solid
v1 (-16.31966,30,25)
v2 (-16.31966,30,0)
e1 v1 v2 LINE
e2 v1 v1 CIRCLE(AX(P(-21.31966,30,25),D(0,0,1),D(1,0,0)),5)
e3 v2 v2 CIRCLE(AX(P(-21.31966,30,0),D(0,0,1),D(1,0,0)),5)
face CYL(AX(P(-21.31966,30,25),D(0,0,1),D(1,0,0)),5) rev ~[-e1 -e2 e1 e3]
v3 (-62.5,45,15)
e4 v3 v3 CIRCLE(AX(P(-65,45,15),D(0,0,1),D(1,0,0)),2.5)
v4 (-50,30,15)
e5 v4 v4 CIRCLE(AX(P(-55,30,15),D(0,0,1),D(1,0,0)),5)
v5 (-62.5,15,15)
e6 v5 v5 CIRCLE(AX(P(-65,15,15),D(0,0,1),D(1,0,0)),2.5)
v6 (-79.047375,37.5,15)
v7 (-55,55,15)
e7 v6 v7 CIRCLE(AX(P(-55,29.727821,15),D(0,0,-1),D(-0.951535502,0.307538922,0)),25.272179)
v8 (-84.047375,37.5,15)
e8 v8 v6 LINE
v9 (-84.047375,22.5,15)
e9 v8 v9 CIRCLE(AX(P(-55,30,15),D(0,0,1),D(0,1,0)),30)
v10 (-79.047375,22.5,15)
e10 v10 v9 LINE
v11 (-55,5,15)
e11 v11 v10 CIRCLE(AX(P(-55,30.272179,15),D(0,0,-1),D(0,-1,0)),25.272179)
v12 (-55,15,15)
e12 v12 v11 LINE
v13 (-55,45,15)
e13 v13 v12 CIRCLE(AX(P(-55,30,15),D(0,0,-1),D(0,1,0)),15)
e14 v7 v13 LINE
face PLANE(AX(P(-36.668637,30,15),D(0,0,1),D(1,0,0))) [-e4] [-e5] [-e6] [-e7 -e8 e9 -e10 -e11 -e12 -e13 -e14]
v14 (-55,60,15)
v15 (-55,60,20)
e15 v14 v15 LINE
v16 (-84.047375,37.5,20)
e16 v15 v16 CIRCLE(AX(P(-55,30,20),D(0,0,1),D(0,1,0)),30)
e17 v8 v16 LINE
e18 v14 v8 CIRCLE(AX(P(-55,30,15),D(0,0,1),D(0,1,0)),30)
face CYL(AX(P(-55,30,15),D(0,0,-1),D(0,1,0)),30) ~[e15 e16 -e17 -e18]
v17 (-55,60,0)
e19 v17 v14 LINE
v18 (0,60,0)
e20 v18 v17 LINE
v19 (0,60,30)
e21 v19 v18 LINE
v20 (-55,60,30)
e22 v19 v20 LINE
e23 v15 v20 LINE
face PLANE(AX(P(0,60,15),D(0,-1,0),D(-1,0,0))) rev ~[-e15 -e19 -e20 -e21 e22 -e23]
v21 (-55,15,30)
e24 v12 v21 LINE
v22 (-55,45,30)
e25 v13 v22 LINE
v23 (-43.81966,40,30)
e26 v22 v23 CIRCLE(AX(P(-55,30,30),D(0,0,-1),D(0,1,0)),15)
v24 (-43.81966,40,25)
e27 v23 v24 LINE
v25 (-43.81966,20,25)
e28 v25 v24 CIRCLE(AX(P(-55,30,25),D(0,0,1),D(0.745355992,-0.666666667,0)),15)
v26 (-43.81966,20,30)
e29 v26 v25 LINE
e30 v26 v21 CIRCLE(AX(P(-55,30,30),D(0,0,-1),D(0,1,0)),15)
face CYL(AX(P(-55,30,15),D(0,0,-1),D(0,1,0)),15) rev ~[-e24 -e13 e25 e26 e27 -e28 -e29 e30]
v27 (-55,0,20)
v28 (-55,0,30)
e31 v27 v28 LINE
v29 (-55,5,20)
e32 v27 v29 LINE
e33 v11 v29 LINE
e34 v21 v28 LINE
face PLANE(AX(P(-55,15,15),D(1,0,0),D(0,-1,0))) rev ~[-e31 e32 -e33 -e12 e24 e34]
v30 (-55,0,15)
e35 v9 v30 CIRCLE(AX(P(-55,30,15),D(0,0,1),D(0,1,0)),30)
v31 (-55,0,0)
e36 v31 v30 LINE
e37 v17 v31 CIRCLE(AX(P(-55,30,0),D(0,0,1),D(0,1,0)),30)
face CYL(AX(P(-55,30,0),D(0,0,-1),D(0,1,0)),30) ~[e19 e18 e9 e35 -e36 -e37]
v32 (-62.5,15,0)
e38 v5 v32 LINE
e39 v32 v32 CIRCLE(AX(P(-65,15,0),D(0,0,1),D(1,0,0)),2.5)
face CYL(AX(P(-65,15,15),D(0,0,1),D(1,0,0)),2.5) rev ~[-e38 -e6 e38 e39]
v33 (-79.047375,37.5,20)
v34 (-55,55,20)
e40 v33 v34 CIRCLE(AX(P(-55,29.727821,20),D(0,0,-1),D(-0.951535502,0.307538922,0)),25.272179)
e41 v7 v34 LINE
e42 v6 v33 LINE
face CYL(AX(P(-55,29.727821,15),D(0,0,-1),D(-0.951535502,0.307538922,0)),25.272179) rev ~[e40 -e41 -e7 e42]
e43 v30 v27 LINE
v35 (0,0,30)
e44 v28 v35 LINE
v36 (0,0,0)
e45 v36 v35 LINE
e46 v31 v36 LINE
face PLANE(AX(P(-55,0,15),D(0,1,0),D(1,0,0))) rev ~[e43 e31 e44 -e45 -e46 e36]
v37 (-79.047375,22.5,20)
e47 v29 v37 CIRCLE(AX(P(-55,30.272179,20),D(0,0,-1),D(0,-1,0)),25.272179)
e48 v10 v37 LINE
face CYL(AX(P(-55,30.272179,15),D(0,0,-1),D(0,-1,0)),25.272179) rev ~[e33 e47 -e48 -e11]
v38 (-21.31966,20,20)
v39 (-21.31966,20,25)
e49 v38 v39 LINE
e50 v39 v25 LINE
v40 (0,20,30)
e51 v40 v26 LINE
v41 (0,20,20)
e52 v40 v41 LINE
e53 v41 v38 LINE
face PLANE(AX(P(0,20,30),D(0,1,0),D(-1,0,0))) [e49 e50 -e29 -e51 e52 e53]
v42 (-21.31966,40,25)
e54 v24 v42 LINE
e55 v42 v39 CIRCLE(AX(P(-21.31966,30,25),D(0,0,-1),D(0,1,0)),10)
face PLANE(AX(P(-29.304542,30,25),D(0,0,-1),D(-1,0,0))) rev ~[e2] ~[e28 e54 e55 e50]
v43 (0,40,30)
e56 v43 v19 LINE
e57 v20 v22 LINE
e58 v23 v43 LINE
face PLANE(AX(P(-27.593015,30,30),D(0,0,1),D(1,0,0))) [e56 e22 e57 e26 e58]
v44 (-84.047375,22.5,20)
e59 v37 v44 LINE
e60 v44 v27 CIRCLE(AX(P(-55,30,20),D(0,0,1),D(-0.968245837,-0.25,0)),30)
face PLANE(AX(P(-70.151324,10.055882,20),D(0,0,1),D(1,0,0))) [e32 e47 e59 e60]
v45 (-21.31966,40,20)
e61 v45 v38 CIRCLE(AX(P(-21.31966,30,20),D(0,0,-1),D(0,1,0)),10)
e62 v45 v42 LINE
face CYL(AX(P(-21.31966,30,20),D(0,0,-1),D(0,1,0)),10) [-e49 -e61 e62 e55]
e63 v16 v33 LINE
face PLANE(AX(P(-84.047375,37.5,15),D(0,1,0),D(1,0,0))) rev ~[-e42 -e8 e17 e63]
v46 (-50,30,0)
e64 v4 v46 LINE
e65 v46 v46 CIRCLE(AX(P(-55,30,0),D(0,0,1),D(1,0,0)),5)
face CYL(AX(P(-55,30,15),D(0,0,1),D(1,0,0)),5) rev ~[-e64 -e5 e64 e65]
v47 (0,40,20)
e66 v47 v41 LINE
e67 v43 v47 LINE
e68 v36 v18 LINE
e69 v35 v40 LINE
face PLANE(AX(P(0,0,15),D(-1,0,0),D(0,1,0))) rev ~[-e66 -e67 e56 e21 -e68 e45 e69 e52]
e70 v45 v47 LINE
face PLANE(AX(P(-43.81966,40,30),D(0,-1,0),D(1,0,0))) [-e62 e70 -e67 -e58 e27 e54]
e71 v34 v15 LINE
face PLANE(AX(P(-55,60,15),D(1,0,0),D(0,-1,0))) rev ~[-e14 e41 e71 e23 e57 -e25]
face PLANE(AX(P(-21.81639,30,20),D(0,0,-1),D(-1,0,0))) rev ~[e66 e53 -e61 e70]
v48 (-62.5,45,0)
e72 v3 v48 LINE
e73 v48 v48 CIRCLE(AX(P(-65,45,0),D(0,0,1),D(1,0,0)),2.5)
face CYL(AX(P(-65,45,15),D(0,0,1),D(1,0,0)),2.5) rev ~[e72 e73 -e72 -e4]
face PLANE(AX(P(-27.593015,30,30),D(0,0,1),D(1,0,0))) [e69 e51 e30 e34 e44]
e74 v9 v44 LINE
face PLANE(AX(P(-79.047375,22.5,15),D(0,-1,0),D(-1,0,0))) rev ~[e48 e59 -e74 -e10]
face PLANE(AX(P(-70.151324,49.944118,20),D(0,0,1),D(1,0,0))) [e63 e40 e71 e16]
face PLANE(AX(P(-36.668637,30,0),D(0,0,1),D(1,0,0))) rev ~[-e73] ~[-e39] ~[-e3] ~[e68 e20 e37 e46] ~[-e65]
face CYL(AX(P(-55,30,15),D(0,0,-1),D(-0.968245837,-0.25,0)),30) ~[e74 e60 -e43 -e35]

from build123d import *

# Parameters (mm, degrees)
BOSS_EXTRUDE4_DEPTH = 15
BOSS_EXTRUDE5_DEPTH = 5
BOSS_EXTRUDE8_DEPTH = 15
CUT_EXTRUDE2_DEPTH  = 10
BOSS_EXTRUDE9_DEPTH = 5
SKETCH11_R          = 5
CUT_EXTRUDE3_DEPTH  = 54
SKETCH12_R          = 5
SKETCH12_R_2        = 2.5
CUT_EXTRUDE4_DEPTH  = 76


with BuildPart() as part:
    # Sketch2 → Boss-Extrude4 (new body)
    with BuildSketch(Plane.XY):
        with BuildLine():
            Line((-55, 0), (0, 0))
            Line((0, 0), (0, 60))
            Line((0, 60), (-55, 60))
            ThreePointArc((-55, 60), (-85, 30), (-55, 0))
        make_face()
    extrude(amount=BOSS_EXTRUDE4_DEPTH)

    # Sketch5 → Boss-Extrude5 (add)
    with BuildSketch(Plane.XY.offset(15)):
        with BuildLine():
            Line((-84.047375097, 37.5), (-79.047375097, 37.5))
            ThreePointArc((-79.047375097, 37.5), (-69.870493007, 50.161897068), (-55, 55))
            Line((-55, 55), (-55, 60))
            ThreePointArc((-55, 60), (-73.371173071, 53.717082451), (-84.047375097, 37.5))
        make_face()
        with BuildLine():
            Line((-55, 0), (-55, 5))
            ThreePointArc((-55, 5), (-69.870493007, 9.838102932), (-79.047375097, 22.5))
            Line((-79.047375097, 22.5), (-84.047375097, 22.5))
            ThreePointArc((-84.047375097, 22.5), (-73.371173071, 6.282917549), (-55, 0))
        make_face()
    extrude(amount=BOSS_EXTRUDE5_DEPTH)

    # Sketch6 → Boss-Extrude8 (add)
    with BuildSketch(Plane.XY.offset(15)):
        with BuildLine():
            Line((-55, 60), (-55, 45))
            ThreePointArc((-55, 45), (-40, 30), (-55, 15))
            Line((-55, 15), (-55, 0))
            Line((-55, 0), (0, 0))
            Line((0, 0), (0, 60))
            Line((0, 60), (-55, 60))
        make_face()
    extrude(amount=BOSS_EXTRUDE8_DEPTH)

    # Sketch9 → Cut-Extrude2 (cut)
    with BuildSketch(Plane.XY.offset(30)):
        with BuildLine():
            Line((-43.819660113, 40), (0, 40))
            Line((0, 40), (0, 20))
            Line((0, 20), (-43.819660113, 20))
            ThreePointArc((-43.819660113, 20), (-40, 30), (-43.819660113, 40))
        make_face()
    extrude(amount=-CUT_EXTRUDE2_DEPTH, mode=Mode.SUBTRACT)

    # Sketch10 → Boss-Extrude9 (add)
    with BuildSketch(Plane.XY.offset(20)):
        with BuildLine():
            Line((-43.819660113, 40), (-21.319660113, 40))
            ThreePointArc((-21.319660113, 40), (-11.319660113, 30), (-21.319660113, 20))
            Line((-21.319660113, 20), (-43.819660113, 20))
            ThreePointArc((-43.819660113, 20), (-40, 30), (-43.819660113, 40))
        make_face()
    extrude(amount=BOSS_EXTRUDE9_DEPTH)

    # Sketch11 → Cut-Extrude3 (cut)
    with BuildSketch(Plane.XY.offset(25)):
        with Locations((-21.319660113, 30)):
            Circle(SKETCH11_R)
    extrude(amount=-CUT_EXTRUDE3_DEPTH, mode=Mode.SUBTRACT)

    # Sketch12 → Cut-Extrude4 (cut)
    with BuildSketch(Plane.XY.offset(15)):
        with Locations((-55, 30)):
            Circle(SKETCH12_R)
        with Locations((-65, 15)):
            Circle(SKETCH12_R_2)
        with Locations((-65, 45)):
            Circle(SKETCH12_R_2)
    extrude(amount=-CUT_EXTRUDE4_DEPTH, mode=Mode.SUBTRACT)


solid = part.part
